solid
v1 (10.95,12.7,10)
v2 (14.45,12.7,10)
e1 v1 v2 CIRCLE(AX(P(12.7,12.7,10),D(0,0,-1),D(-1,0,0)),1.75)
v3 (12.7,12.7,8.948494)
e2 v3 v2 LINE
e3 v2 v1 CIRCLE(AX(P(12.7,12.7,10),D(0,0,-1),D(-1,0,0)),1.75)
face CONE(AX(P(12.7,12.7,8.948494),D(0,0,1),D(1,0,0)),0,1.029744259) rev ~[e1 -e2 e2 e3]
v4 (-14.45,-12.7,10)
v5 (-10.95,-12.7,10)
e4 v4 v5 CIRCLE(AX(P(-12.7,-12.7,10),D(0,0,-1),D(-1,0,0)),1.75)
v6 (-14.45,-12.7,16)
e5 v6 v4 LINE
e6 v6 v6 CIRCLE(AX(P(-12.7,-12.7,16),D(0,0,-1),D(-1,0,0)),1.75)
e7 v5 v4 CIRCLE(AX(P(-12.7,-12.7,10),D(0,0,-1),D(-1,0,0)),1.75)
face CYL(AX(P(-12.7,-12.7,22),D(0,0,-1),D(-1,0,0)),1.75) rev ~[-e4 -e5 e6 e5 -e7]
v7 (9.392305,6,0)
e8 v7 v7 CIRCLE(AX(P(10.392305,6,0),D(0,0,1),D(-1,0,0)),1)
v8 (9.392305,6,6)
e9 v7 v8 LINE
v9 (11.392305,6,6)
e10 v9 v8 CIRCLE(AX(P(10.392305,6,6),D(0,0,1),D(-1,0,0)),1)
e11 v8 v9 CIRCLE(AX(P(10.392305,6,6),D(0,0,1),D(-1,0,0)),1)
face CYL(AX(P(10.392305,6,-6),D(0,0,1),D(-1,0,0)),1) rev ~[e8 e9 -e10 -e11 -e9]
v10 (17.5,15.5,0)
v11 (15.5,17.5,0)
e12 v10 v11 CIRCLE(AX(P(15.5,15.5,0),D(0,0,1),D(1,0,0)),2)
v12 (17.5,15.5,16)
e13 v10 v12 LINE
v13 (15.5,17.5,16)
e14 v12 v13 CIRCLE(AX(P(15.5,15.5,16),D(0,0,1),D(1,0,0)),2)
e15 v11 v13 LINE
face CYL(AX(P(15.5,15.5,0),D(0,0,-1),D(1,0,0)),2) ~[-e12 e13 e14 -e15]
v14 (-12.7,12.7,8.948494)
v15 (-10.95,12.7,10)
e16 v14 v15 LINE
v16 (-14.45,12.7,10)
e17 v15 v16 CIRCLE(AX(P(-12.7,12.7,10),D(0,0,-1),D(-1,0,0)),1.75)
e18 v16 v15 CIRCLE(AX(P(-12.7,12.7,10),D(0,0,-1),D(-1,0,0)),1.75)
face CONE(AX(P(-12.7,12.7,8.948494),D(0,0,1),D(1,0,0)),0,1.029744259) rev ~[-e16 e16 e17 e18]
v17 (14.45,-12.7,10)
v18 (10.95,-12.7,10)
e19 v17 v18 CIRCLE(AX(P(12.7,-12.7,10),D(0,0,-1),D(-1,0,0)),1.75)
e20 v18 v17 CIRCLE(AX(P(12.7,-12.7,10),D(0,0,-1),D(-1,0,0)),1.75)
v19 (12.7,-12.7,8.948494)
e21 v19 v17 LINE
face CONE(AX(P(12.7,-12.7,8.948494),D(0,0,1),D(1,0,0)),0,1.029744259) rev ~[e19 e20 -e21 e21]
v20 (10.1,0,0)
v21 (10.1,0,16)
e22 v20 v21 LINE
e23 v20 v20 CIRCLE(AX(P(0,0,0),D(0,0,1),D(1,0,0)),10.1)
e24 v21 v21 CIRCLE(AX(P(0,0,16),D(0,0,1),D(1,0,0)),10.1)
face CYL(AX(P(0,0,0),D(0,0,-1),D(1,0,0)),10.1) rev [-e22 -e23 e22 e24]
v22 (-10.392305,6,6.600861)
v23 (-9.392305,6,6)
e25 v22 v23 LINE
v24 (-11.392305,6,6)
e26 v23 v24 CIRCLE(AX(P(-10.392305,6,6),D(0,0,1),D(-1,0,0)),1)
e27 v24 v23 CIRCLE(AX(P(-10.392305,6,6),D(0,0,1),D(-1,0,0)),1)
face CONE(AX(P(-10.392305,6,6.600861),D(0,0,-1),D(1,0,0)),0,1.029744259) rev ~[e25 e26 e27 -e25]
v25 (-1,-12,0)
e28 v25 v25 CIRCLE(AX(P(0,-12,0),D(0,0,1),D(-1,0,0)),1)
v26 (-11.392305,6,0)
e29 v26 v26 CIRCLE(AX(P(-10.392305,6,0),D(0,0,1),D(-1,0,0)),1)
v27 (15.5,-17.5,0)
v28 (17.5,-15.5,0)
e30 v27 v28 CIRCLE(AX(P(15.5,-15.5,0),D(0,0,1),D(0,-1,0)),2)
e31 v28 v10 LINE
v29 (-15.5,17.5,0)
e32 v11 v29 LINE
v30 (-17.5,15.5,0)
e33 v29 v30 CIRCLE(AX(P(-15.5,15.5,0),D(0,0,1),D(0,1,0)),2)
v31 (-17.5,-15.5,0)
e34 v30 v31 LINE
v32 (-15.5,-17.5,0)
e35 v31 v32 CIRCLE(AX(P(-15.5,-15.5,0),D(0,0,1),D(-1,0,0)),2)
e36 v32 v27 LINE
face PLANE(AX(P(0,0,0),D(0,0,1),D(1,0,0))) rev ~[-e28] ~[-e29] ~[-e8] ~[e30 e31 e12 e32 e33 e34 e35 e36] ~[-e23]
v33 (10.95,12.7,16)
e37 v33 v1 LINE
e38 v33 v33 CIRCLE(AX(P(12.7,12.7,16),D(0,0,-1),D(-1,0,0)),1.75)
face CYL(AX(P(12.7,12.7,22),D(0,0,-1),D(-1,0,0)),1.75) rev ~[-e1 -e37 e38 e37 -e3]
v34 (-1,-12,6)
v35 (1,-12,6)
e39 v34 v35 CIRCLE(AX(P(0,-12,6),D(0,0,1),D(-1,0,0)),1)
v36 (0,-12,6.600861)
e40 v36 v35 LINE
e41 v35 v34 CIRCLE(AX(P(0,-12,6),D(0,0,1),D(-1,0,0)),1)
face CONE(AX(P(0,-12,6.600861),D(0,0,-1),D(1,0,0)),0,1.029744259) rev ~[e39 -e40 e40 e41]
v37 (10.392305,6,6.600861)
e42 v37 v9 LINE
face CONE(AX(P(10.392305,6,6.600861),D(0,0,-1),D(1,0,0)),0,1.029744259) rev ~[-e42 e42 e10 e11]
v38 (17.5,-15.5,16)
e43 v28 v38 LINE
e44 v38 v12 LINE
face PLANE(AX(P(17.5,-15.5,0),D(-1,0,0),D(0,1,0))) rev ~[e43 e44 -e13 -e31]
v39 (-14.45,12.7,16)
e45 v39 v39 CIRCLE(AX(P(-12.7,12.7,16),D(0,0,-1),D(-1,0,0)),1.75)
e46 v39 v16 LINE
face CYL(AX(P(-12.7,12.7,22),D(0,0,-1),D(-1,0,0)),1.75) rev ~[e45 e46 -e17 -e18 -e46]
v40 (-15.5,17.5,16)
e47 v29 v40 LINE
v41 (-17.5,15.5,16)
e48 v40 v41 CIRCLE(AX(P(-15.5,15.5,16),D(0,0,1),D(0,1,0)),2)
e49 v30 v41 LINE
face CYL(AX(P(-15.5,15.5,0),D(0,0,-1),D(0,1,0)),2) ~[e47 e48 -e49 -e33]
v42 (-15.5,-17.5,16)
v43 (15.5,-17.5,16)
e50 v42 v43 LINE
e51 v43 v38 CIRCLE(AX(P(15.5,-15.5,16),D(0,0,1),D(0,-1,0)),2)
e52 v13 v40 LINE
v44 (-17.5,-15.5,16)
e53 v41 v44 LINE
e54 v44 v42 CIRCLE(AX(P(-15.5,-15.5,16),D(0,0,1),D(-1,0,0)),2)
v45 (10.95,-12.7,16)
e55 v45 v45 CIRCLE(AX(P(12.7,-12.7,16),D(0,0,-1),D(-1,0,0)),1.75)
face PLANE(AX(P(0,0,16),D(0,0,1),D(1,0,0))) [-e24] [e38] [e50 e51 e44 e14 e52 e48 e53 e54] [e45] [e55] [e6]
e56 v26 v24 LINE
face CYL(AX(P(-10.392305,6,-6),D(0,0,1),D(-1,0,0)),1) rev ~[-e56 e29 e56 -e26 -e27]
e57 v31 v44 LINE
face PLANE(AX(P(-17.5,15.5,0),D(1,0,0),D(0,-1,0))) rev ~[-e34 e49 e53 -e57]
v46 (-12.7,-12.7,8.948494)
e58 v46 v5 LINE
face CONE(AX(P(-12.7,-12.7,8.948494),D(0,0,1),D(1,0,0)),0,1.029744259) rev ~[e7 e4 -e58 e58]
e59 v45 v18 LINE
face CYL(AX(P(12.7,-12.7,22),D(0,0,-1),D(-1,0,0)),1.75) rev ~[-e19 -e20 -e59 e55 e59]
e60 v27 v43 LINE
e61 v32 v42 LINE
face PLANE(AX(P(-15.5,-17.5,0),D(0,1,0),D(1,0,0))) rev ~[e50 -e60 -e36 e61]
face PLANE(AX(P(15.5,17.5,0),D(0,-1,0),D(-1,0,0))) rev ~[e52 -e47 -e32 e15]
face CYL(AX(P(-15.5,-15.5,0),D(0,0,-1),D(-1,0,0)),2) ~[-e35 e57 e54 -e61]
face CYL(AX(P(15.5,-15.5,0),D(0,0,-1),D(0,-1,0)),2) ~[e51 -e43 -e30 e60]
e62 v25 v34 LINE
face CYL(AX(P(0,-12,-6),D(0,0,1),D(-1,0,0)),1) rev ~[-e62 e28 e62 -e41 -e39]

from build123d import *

# Parameters (mm, degrees)
F0_R     = 10.1
F1_DEPTH = 16
F3_D     = 3.5
F3_DEPTH = 6
F3_TIP   = 1.0515060833
F5_D     = 2
F5_DEPTH = 6
F5_TIP   = 0.600860619


with BuildPart() as f1:
    # F0 (on Top) → F1 (new body)
    with BuildSketch(Plane.XY):
        with BuildLine():
            Line((-15.5, -17.5), (15.5, -17.5))
            ThreePointArc((15.5, -17.5), (16.9142135624, -16.9142135624), (17.5, -15.5))
            Line((17.5, -15.5), (17.5, 15.5))
            ThreePointArc((17.5, 15.5), (16.9142135624, 16.9142135624), (15.5, 17.5))
            Line((15.5, 17.5), (-15.5, 17.5))
            ThreePointArc((-15.5, 17.5), (-16.9142135624, 16.9142135624), (-17.5, 15.5))
            Line((-17.5, 15.5), (-17.5, -15.5))
            ThreePointArc((-17.5, -15.5), (-16.9142135624, -16.9142135624), (-15.5, -17.5))
        make_face()
        Circle(F0_R, mode=Mode.SUBTRACT)
    extrude(amount=F1_DEPTH)

    # F3
    with Locations(Plane.XY.offset(16)):
        with Locations((-12.7, 12.7), (12.7, 12.7), (12.7, -12.7), (-12.7, -12.7)):
            Hole(F3_D / 2, depth=F3_DEPTH)
            with Locations((0, 0, -(F3_DEPTH + F3_TIP / 2))):  # 118° drill point
                Cone(0, F3_D / 2, F3_TIP, mode=Mode.SUBTRACT)

    # F5
    with Locations(Plane(origin=(0, 0, 0), x_dir=(1, 0, 0), z_dir=(0, 0, -1))):
        with Locations((0, 12), (10.3923048454, -6), (-10.3923048454, -6)):
            Hole(F5_D / 2, depth=F5_DEPTH)
            with Locations((0, 0, -(F5_DEPTH + F5_TIP / 2))):  # 118° drill point
                Cone(0, F5_D / 2, F5_TIP, mode=Mode.SUBTRACT)


solid = f1.part
